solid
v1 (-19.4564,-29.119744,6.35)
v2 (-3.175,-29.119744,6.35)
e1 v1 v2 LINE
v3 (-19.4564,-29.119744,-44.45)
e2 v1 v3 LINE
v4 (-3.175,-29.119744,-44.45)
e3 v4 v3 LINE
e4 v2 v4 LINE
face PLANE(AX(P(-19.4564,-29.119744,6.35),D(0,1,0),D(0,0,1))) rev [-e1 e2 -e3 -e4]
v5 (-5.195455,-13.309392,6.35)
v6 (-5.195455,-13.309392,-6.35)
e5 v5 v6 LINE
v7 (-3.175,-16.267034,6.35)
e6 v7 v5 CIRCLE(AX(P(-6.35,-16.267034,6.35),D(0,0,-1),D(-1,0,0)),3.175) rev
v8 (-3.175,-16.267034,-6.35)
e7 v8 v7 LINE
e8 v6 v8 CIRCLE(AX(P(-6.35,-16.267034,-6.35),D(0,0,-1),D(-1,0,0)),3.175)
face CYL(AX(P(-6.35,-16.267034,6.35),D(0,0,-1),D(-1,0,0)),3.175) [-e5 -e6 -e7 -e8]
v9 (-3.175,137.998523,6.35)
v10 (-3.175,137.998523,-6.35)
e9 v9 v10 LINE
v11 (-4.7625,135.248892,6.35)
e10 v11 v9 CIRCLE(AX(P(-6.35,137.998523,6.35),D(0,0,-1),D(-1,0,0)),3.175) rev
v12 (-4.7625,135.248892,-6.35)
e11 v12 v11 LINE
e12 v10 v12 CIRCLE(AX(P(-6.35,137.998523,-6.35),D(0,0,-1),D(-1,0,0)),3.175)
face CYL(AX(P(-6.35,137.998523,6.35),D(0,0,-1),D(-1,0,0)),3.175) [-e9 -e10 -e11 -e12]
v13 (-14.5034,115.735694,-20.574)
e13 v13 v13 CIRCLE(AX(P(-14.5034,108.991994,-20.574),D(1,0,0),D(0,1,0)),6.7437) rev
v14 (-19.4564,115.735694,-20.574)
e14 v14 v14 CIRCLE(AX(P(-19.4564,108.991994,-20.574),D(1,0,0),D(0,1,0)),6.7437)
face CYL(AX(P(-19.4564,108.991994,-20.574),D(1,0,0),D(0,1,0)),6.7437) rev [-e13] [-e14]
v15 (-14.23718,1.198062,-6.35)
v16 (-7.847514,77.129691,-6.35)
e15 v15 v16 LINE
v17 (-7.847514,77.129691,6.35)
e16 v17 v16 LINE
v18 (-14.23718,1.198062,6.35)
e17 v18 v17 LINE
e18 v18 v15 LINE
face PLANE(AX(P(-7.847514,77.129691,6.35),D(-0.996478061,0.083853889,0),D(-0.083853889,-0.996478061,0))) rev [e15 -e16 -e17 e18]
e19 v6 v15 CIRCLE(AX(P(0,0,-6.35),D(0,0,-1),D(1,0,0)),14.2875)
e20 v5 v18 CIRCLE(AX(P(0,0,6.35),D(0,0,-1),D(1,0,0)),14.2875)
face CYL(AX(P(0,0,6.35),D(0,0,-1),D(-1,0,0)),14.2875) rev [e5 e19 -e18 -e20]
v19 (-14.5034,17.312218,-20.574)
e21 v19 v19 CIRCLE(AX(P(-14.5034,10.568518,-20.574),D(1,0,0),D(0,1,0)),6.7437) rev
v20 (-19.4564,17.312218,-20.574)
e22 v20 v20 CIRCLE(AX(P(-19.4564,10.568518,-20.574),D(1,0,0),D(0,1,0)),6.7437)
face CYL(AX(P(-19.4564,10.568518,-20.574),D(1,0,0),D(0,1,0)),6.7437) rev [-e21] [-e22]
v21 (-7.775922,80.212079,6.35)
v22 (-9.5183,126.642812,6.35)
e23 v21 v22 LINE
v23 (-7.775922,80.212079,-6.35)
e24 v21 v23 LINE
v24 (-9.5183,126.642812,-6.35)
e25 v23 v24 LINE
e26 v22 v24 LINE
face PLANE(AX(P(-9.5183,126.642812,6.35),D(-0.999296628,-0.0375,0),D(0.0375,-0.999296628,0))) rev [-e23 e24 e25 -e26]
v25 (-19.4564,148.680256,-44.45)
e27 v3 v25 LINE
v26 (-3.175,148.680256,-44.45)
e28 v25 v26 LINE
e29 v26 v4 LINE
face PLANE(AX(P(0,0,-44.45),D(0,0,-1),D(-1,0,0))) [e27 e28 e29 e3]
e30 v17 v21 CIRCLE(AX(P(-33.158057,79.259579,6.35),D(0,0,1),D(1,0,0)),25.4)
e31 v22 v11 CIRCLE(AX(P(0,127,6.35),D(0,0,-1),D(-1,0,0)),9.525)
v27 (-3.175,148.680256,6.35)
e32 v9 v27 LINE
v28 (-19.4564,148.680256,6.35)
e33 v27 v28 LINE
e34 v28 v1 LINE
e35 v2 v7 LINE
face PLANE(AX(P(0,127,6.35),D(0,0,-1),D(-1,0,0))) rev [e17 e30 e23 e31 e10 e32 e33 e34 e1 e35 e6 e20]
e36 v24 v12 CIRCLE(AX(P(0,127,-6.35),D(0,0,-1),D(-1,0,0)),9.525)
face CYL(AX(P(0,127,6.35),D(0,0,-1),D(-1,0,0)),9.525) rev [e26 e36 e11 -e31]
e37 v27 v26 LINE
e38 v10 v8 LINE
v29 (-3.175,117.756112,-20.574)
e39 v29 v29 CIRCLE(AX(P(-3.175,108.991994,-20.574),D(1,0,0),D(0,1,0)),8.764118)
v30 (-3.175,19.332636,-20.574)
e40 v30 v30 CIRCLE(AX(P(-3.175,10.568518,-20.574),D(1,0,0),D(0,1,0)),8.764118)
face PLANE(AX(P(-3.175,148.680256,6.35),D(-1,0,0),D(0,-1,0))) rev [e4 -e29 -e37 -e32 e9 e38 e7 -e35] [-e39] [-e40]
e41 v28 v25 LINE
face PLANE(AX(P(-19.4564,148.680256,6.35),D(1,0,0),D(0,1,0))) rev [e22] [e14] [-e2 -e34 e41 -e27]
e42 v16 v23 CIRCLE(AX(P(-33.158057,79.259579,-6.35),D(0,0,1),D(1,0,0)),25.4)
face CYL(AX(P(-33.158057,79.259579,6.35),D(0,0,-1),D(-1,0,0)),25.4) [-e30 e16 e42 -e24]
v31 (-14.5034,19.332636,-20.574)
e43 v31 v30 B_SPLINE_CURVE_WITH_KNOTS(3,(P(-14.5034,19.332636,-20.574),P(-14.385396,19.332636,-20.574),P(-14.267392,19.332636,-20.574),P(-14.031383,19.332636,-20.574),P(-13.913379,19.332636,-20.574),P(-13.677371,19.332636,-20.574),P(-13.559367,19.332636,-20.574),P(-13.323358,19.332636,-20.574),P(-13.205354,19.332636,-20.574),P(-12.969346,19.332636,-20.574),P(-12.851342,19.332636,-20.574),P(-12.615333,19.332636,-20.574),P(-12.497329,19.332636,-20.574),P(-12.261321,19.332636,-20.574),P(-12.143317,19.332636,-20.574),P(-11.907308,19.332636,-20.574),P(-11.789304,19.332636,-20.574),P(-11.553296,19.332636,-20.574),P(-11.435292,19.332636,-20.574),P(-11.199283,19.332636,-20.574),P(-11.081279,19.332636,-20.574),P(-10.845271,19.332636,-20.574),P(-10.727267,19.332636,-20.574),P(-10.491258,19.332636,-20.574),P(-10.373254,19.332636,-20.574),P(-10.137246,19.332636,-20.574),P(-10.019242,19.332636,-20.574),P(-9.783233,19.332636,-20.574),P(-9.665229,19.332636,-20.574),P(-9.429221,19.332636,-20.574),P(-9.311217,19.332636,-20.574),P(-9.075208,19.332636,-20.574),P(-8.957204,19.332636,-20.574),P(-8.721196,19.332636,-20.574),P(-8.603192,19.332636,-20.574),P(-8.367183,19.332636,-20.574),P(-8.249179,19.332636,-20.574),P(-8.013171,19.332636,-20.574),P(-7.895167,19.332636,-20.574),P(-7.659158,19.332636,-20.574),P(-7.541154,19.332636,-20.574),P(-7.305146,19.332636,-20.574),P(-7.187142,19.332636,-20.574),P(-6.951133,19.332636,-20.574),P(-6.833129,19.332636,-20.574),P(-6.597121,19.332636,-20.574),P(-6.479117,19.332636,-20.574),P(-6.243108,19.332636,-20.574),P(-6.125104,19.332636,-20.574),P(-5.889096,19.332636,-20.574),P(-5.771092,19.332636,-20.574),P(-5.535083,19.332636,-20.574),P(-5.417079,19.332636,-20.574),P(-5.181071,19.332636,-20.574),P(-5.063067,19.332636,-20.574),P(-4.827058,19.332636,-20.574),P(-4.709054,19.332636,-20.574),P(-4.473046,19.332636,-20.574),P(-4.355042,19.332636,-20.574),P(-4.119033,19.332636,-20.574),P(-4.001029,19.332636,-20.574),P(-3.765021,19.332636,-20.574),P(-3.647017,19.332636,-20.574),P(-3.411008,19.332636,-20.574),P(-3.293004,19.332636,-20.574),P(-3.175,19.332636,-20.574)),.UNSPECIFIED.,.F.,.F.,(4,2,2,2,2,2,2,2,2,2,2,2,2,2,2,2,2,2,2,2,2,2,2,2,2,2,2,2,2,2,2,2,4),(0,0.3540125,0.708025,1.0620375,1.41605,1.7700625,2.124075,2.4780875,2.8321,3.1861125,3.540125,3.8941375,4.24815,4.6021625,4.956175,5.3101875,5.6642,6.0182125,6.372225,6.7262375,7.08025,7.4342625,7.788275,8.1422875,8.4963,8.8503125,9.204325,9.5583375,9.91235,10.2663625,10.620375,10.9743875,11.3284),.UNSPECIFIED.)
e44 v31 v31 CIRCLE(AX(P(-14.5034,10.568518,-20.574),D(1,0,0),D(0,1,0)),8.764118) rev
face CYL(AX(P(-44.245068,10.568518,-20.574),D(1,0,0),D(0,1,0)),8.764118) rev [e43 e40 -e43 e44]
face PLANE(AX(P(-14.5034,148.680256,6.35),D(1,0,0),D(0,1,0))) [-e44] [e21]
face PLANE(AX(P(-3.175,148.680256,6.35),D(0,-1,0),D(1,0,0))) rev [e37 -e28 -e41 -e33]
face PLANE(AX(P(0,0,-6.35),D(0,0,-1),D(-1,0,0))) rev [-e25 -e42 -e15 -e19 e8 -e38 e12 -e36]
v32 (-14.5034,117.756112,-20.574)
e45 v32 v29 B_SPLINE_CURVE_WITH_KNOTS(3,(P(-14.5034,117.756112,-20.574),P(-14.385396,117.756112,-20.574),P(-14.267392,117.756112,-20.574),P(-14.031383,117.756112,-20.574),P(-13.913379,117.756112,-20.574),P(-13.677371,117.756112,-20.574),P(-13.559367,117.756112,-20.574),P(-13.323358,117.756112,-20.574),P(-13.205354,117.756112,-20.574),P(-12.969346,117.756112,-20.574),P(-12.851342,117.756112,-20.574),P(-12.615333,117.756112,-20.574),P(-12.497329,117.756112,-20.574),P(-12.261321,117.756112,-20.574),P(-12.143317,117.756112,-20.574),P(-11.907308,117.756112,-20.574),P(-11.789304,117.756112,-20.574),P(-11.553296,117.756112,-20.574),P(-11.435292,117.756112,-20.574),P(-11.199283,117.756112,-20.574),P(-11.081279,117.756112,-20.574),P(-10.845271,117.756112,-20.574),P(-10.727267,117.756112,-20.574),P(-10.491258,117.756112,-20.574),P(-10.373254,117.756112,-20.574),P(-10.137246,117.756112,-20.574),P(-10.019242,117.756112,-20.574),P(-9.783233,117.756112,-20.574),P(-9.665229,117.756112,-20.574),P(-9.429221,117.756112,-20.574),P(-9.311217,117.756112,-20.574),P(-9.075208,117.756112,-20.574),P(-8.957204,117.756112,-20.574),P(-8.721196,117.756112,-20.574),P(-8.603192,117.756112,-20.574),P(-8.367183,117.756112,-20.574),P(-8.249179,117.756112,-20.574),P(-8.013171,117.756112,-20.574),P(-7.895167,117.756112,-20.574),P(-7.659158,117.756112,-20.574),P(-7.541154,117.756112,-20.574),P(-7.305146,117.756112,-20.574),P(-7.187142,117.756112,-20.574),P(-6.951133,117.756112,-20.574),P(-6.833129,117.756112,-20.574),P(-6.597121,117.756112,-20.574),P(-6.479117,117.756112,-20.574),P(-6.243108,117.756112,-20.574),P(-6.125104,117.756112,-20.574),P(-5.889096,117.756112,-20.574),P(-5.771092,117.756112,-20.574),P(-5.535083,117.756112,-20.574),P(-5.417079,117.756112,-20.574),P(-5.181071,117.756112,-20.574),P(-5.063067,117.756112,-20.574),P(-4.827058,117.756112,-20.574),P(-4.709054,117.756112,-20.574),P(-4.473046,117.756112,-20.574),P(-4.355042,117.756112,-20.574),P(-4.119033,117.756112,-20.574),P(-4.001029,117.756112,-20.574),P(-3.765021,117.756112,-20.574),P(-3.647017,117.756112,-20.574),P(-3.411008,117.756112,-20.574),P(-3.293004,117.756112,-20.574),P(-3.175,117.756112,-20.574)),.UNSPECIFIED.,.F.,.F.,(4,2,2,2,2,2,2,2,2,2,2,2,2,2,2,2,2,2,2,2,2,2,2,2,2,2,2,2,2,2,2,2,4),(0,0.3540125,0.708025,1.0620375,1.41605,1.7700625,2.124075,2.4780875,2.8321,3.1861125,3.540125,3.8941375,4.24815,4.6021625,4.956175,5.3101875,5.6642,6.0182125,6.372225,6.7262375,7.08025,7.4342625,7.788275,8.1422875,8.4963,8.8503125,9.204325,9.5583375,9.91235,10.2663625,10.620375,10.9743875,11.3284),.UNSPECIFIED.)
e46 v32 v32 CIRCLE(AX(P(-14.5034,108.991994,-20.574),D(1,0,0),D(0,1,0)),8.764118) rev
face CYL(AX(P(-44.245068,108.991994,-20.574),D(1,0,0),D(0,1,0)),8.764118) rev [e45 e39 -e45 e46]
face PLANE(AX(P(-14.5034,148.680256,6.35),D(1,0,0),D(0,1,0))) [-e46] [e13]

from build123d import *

# Parameters (mm, degrees)
BOSS_EXTRUDE1_DEPTH = 6.35
FILLET1_R           = 3.175
SKETCH3_W           = 16.2814
SKETCH3_H           = 177.8
BOSS_EXTRUDE2_DEPTH = 38.1
SKETCH4_R           = 6.7437
CUT_EXTRUDE1_DEPTH  = 157.034307273
SKETCH5_R           = 8.7641176
CUT_EXTRUDE2_DEPTH  = 11.3284


with BuildPart() as part:
    # Sketch1 → Boss-Extrude1 (new, symmetric)
    with BuildSketch(Plane.XY):
        with BuildLine():
            Line((-3.175, 148.680256121), (-19.4564, 148.680256121))
            Line((-19.4564, 148.680256121), (-19.4564, -29.119743879))
            Line((-19.4564, -29.119743879), (-3.175, -29.119743879))
            Line((-3.175, -29.119743879), (-3.175, -13.930255965))
            ThreePointArc((-3.175, -13.930255965), (-11.533104962, -8.433276125), (-14.237180291, 1.198062439))
            Line((-14.237180291, 1.198062439), (-7.84751395, 77.129690658))
            ThreePointArc((-7.84751395, 77.129690658), (-7.764904905, 78.669797764), (-7.775922348, 80.212079439))
            Line((-7.775922348, 80.212079439), (-9.518300378, 126.6428125))
            ThreePointArc((-9.518300378, 126.6428125), (-7.878891544, 132.352447387), (-3.175, 135.980256121))
            Line((-3.175, 135.980256121), (-3.175, 148.680256121))
        make_face()
    extrude(amount=BOSS_EXTRUDE1_DEPTH, both=True)

    # Fillet1
    fillet1_edges = [part.edges().sort_by_distance(p)[0] for p in [
        (-3.175, 135.980256121, 0),
        (-3.175, -13.930255965, 0),
    ]]
    fillet(fillet1_edges, radius=FILLET1_R)

    # Sketch3 → Boss-Extrude2 (add)
    with BuildSketch(Plane(origin=(0, 0, -6.35), x_dir=(-1, 0, 0), z_dir=(0, 0, -1))):
        with Locations((11.3157, 59.780256121)):
            Rectangle(SKETCH3_W, SKETCH3_H)
    extrude(amount=BOSS_EXTRUDE2_DEPTH)

    # Sketch4 → Cut-Extrude1 (cut, through all)
    with BuildSketch(Plane(origin=(-3.175, 0, 0), x_dir=(0, 0, -1), z_dir=(1, 0, 0))):
        with Locations(Location((20.574, 108.991994121, 0), (0, 0, 90))):
            Circle(SKETCH4_R)
        with Locations(Location((20.574, 10.568518121, 0), (0, 0, 90))):
            Circle(SKETCH4_R)
    extrude(amount=-CUT_EXTRUDE1_DEPTH, mode=Mode.SUBTRACT)

    # Sketch5 → Cut-Extrude2 (cut)
    with BuildSketch(Plane(origin=(-3.175, 0, 0), x_dir=(0, 0, -1), z_dir=(1, 0, 0))):
        with Locations(Location((20.574, 108.991994121, 0), (0, 0, 90))):
            Circle(SKETCH5_R)
        with Locations(Location((20.574, 10.568518121, 0), (0, 0, 90))):
            Circle(SKETCH5_R)
    extrude(amount=-CUT_EXTRUDE2_DEPTH, mode=Mode.SUBTRACT)


solid = part.part
